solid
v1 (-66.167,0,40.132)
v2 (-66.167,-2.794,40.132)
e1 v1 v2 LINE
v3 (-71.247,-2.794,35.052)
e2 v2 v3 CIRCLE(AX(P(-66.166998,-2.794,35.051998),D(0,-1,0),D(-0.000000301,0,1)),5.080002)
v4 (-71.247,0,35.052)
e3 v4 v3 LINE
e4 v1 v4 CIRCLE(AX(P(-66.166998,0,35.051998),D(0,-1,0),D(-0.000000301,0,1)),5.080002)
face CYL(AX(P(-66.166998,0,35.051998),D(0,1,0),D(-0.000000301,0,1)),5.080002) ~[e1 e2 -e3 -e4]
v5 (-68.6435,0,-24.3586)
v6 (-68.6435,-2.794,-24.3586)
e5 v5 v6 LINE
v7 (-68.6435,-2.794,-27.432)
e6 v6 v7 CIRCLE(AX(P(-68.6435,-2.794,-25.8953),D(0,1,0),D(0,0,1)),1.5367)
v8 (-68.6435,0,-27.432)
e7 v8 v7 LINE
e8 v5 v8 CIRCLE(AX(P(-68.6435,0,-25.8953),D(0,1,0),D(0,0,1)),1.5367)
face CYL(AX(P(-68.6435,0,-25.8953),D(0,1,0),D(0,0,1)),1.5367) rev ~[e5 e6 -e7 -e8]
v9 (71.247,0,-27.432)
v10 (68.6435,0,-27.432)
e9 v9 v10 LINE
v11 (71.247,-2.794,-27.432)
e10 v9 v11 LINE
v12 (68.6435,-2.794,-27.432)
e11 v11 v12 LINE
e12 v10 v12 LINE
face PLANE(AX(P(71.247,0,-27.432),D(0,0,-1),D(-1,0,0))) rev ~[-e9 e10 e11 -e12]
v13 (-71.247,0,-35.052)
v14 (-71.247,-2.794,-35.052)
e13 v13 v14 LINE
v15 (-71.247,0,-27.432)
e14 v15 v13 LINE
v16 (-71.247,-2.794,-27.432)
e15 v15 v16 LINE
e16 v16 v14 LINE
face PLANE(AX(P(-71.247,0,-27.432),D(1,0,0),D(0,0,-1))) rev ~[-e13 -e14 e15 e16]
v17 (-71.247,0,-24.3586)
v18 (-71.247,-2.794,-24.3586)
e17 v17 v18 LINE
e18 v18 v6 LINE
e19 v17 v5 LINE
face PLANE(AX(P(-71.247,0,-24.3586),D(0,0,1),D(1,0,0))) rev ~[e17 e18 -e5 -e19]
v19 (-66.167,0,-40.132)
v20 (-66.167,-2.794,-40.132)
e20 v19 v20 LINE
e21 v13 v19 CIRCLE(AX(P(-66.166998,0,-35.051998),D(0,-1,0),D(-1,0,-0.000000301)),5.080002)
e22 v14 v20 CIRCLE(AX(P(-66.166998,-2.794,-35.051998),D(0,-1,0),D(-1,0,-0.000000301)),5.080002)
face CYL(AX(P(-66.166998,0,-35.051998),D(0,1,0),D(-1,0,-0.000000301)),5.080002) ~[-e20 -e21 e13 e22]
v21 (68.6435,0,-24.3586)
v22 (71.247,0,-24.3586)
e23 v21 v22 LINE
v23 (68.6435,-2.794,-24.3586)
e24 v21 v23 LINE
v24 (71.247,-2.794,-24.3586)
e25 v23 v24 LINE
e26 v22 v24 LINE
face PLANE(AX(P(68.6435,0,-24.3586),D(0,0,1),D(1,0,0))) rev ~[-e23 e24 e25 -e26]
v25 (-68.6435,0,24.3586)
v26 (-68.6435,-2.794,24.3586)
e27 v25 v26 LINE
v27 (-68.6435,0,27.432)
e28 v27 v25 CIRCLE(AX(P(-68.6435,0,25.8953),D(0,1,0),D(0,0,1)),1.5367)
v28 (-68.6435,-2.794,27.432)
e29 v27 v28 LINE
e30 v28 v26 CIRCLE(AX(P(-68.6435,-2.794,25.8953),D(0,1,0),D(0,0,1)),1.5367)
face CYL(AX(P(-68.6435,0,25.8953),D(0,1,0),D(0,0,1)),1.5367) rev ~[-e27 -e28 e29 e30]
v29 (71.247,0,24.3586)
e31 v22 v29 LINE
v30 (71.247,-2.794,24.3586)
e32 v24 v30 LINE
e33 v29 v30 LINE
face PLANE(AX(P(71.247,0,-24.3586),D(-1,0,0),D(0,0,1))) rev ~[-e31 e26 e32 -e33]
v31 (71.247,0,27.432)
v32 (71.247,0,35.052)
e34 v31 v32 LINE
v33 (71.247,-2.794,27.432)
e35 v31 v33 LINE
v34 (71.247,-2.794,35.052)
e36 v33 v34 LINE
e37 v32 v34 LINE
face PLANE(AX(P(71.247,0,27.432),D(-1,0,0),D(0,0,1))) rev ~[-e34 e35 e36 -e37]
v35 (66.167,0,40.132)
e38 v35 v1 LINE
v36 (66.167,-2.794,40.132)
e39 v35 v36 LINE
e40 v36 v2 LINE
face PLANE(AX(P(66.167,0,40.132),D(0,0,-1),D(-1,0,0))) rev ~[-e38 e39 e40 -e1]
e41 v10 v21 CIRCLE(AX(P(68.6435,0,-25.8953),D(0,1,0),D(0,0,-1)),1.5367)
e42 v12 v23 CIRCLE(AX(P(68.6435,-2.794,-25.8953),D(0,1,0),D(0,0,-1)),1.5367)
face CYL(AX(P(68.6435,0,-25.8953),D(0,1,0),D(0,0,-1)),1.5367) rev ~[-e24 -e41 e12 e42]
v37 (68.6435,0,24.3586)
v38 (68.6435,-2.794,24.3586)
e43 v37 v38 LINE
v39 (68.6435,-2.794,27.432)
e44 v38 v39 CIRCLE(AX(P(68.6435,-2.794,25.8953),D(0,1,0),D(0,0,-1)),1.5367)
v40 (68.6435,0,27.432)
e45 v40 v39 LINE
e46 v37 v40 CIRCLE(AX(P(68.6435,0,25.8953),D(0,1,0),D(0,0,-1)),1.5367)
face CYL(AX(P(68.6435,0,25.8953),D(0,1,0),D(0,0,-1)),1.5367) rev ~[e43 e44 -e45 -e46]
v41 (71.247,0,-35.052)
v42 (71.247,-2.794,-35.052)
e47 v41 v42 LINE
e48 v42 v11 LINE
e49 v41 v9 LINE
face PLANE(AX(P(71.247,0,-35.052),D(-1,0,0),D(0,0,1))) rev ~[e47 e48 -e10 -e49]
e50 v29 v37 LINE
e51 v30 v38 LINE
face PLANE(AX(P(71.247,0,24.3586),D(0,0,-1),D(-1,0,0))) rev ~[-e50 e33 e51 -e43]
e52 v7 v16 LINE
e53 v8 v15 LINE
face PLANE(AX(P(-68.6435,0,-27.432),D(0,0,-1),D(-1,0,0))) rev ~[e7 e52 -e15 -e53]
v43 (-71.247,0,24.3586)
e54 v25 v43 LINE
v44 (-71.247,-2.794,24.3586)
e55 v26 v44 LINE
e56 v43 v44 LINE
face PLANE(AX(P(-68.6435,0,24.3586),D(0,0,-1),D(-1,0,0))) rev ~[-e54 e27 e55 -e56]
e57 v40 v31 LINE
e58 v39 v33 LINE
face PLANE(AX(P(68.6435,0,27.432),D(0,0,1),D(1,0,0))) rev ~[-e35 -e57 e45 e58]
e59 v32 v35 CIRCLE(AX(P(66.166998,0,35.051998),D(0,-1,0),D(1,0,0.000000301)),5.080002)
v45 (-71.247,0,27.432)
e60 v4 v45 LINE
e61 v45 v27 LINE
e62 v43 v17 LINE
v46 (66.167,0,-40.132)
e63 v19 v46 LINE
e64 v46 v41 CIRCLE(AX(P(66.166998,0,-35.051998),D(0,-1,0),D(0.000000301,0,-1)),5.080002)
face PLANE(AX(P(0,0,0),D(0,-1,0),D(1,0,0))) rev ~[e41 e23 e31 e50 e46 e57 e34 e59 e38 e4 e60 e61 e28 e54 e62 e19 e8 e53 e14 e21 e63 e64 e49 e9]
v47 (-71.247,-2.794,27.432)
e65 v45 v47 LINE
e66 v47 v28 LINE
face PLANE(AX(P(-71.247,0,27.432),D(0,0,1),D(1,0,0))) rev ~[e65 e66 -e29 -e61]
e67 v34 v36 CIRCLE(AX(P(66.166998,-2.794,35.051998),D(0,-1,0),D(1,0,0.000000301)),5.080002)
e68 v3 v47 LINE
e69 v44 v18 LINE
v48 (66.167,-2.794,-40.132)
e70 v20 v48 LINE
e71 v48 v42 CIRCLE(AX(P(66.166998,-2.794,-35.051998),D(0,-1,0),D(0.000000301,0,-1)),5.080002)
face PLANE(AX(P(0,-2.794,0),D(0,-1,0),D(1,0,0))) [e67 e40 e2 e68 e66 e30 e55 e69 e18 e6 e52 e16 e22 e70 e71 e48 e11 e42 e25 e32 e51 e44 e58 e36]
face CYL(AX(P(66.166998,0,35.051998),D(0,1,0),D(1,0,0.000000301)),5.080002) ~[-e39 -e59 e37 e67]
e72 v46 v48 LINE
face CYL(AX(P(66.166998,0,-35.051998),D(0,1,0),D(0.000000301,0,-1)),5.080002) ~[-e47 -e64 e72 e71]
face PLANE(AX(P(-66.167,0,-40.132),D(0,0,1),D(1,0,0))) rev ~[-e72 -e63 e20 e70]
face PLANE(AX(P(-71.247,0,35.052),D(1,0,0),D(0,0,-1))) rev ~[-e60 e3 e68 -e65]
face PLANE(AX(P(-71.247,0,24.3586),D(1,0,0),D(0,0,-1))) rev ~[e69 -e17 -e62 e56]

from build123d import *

# Parameters (mm, degrees)
F1_DEPTH = 2.794


with BuildPart() as f1:
    # F0 (on Front) → F1 (new body)
    with BuildSketch(Plane.XZ):
        with BuildLine():
            ThreePointArc((71.247, 35.052), (69.759102, 38.644102), (66.167, 40.132))
            Line((66.167, 40.132), (-66.167, 40.132))
            ThreePointArc((-66.167, 40.132), (-69.759102, 38.644102), (-71.247, 35.052))
            Line((-71.247, 35.052), (-71.247, 27.432))
            Line((-71.247, 27.432), (-68.6435, 27.432))
            ThreePointArc((-68.6435, 27.432), (-67.1068, 25.8953), (-68.6435, 24.3586))
            Line((-68.6435, 24.3586), (-71.247, 24.3586))
            Line((-71.247, 24.3586), (-71.247, -24.3586))
            Line((-71.247, -24.3586), (-68.6435, -24.3586))
            ThreePointArc((-68.6435, -24.3586), (-67.1068, -25.8953), (-68.6435, -27.432))
            Line((-68.6435, -27.432), (-71.247, -27.432))
            Line((-71.247, -27.432), (-71.247, -35.052))
            ThreePointArc((-71.247, -35.052), (-69.759102, -38.644102), (-66.167, -40.132))
            Line((-66.167, -40.132), (66.167, -40.132))
            ThreePointArc((66.167, -40.132), (69.759102, -38.644102), (71.247, -35.052))
            Line((71.247, -35.052), (71.247, -27.432))
            Line((71.247, -27.432), (68.6435, -27.432))
            ThreePointArc((68.6435, -27.432), (67.1068, -25.8953), (68.6435, -24.3586))
            Line((68.6435, -24.3586), (71.247, -24.3586))
            Line((71.247, -24.3586), (71.247, 24.3586))
            Line((71.247, 24.3586), (68.6435, 24.3586))
            ThreePointArc((68.6435, 24.3586), (67.1068, 25.8953), (68.6435, 27.432))
            Line((68.6435, 27.432), (71.247, 27.432))
            Line((71.247, 27.432), (71.247, 35.052))
        make_face()
    extrude(amount=F1_DEPTH)


solid = f1.part
